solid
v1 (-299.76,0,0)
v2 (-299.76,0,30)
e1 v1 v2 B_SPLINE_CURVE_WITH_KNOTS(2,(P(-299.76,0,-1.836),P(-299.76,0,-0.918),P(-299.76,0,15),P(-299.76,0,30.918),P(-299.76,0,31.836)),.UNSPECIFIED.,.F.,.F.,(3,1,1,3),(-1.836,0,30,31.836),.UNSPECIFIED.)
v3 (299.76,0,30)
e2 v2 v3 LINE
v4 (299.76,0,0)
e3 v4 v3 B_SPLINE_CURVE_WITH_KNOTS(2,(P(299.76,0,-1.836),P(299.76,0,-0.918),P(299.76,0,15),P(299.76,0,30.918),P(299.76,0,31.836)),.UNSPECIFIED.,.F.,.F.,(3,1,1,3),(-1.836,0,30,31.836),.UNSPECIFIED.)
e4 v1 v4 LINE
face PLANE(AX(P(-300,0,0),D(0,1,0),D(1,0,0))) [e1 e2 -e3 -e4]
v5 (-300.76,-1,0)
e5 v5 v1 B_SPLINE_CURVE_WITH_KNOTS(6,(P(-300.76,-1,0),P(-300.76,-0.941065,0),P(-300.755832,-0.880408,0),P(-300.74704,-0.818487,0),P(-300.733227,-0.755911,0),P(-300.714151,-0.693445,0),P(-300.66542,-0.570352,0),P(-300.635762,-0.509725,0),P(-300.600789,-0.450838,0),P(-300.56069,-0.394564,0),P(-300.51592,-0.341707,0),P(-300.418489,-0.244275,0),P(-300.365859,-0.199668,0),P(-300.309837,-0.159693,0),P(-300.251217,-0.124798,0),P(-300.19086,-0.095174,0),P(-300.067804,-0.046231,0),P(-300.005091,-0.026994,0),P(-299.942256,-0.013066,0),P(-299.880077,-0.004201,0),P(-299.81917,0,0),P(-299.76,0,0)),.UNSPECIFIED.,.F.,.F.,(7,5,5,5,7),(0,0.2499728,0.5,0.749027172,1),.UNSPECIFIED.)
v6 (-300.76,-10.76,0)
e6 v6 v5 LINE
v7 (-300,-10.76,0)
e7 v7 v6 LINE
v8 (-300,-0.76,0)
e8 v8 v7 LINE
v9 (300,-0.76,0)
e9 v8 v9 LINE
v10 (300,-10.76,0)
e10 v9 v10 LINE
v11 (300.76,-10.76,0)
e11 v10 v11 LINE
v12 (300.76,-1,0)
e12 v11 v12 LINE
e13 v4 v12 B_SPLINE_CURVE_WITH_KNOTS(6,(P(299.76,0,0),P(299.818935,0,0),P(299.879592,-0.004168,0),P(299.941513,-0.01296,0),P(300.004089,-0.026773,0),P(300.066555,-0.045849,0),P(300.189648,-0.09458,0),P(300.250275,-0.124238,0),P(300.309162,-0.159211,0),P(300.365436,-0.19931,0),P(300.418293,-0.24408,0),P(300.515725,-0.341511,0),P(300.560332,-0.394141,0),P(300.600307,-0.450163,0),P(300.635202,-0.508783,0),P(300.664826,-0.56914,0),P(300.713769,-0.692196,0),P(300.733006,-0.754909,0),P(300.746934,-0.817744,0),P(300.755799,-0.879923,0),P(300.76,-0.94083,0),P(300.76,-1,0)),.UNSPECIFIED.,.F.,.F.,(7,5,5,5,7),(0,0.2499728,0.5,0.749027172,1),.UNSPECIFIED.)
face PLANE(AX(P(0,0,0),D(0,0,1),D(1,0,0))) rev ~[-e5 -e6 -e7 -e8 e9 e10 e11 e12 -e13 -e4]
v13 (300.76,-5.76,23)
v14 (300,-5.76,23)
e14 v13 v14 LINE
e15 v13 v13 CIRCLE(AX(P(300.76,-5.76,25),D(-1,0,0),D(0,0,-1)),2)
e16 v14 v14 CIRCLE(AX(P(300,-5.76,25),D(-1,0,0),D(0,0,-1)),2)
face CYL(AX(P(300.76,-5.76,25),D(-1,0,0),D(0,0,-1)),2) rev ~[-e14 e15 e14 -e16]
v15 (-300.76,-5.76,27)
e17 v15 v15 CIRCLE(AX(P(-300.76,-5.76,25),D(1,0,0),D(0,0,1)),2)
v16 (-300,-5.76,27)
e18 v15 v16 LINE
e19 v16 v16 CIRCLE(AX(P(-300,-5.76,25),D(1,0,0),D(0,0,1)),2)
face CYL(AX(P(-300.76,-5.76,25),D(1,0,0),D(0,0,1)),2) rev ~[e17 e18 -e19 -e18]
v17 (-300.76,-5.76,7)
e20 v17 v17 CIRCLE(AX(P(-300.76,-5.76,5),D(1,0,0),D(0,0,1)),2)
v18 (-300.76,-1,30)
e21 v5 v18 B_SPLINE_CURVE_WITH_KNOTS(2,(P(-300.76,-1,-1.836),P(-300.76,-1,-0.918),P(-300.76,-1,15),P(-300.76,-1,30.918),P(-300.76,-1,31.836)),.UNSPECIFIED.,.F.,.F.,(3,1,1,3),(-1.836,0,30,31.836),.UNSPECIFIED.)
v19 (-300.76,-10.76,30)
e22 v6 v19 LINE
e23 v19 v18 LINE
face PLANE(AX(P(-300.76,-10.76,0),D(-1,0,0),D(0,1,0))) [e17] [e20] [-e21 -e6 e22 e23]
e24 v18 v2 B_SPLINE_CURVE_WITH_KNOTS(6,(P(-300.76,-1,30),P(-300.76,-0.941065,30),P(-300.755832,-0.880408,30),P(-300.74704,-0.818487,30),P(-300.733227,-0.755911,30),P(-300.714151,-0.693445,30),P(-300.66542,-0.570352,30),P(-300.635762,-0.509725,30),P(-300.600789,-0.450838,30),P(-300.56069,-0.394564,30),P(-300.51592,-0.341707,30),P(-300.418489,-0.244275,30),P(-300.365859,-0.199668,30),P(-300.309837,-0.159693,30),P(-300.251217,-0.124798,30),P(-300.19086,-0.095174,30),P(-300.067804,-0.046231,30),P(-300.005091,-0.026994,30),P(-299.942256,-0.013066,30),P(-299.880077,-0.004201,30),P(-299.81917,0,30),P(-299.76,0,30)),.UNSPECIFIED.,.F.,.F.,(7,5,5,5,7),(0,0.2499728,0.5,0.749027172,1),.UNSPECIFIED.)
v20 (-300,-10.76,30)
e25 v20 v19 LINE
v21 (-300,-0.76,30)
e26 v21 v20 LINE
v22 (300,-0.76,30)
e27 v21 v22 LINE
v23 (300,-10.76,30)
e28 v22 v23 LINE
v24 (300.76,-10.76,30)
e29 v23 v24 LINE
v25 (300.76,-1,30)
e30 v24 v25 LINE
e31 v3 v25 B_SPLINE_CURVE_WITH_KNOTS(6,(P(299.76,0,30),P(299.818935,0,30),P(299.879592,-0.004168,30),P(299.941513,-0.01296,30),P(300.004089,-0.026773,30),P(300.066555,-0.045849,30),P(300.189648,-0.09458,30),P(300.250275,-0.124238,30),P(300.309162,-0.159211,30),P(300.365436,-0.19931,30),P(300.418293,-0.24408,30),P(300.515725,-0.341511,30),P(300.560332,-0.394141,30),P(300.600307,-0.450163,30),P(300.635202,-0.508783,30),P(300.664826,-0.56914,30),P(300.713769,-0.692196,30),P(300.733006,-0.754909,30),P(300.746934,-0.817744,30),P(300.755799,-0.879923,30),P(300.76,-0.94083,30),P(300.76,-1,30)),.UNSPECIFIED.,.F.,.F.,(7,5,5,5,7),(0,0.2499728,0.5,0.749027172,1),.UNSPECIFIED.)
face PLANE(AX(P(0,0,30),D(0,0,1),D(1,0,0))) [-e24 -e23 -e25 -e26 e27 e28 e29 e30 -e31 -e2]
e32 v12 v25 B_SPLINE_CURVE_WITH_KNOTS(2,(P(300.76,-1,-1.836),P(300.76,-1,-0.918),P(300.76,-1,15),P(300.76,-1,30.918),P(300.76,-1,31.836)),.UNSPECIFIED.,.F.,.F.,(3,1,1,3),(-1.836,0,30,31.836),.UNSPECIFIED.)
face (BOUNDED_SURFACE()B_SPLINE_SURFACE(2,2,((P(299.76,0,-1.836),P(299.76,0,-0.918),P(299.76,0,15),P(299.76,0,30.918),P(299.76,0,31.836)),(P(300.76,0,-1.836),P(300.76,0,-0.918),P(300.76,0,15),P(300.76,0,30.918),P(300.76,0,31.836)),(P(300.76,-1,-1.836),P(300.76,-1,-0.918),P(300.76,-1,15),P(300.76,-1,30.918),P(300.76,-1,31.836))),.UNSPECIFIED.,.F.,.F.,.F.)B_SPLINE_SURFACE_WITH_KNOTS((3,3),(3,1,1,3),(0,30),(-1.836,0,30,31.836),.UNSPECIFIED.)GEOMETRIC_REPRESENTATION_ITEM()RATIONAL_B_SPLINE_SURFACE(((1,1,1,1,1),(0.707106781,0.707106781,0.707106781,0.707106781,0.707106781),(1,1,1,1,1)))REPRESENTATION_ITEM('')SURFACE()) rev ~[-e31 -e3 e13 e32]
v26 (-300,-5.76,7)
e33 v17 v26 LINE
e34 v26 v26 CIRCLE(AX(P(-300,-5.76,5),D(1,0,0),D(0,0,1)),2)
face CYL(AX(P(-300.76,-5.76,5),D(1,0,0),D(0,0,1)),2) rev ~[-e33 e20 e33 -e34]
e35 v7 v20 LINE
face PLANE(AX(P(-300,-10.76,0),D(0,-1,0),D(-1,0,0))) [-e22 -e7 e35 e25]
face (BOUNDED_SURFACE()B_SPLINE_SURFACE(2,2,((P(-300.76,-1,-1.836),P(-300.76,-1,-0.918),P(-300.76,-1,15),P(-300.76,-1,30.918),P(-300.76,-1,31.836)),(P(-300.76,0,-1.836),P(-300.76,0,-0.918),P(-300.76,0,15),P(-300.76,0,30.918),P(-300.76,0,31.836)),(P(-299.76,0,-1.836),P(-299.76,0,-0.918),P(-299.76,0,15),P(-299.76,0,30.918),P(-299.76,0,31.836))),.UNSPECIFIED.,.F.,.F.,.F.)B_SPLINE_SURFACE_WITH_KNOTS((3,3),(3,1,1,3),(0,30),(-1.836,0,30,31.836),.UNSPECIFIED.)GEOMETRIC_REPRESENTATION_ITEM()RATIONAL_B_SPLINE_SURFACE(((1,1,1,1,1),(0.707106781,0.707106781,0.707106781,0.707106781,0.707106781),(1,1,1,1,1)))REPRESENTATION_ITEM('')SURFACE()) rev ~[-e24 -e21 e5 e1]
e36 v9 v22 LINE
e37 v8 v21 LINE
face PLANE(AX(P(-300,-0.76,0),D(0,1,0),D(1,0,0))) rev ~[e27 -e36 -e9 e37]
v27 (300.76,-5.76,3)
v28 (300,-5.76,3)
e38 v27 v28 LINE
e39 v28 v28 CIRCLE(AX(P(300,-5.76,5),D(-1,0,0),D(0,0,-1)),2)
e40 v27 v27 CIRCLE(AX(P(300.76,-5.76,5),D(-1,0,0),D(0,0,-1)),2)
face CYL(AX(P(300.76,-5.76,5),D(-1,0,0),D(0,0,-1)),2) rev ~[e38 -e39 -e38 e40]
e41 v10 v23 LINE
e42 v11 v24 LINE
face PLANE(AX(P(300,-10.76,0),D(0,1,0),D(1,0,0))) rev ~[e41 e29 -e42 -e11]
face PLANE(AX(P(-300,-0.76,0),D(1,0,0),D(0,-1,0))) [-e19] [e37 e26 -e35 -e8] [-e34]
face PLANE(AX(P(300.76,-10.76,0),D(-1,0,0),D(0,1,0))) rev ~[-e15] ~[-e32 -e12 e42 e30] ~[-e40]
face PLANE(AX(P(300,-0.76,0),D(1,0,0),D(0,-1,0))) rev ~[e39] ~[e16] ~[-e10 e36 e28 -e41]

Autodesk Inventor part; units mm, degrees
ref_plane "YZ Plane" through (0, 0, 0) normal (1, 0, 0) x (0, 1, 0)
sketch "Sketch1" plane through (0, 0, 0) normal (0, 0, 1) x (1, 0, 0)
  line L0 (-300, 0) -> (300, 0)
  line L1 (-300, -0.76) -> (300, -0.76)
  line L2 (-300, -0.76) -> (-300, -10.76)
  line L3 (-300, -10.76) -> (-300.76, -10.76)
  line L4 (-300.76, -10.76) -> (-300.76, 0)
  line L5 (-300.76, 0) -> (-300, 0)
  line L6 (300, -0.76) -> (300, -10.76)
  line L7 (300, -10.76) -> (300.76, -10.76)
  line L8 (300.76, -10.76) -> (300.76, 0)
  line L9 (300.76, 0) -> (300, 0)
  point P0 (0, 0)
  point P1 (0, 0)
  dimension "d0" = 600
  dimension "d2" = 0.76
  dimension "d3" = 10
  dimension "d4" = 0.76
  dimension "d5" = 300
  dimension "d6" = 600
  dimension "d7" = 10
  dimension "d8" = 0.76
extrude "Extrusion1" add sketch "Sketch1" along normal blind 30
fillet "Fillet1" radius 1 1 edges at (-300.76, 0, 15)
fillet "Fillet2" radius 1 1 edges at (300.76, 0, 15)
ref_plane "Work Plane1" through (300.76, -10.76, 30) normal (1, 0, 0) x (0, 0, -1)
sketch "Sketch2" plane through (300.76, -10.76, 30) normal (1, 0, 0) x (0, 0, -1)
  line L0 (0, 9.76) -> (30, 9.76) projected
  line L1 (0, 0) -> (0, 9.76) projected
  line L2 (30, 0) -> (0, 0) projected
  line L3 (30, 9.76) -> (30, 0) projected
  point P0 (30, 10.76)
  point P1 (5, 5)
  point P2 (25, 5)
  dimension "d14" = 5
  dimension "d15" = 5
  dimension "d16" = 5
  dimension "d17" = 5
hole "Hole1" at (300.76, -5.76, 25) at (300.76, -5.76, 5) direction (-1, 0, 0) diameter 4 depth 0.76 tip angle 118
ref_plane "Work Plane2" through (-300.76, -10.76, 0) normal (-1, 0, 0) x (0, 0, 1)
sketch "Sketch3" plane through (-300.76, -10.76, 0) normal (-1, 0, 0) x (0, 0, 1)
  line L0 (0, 0) -> (30, 0) projected
  line L1 (0, 0) -> (0, 9.76) projected
  line L2 (30, 9.76) -> (30, 0) projected
  point P0 (0, 10.76)
  point P1 (5, 5)
  point P2 (25, 5)
  dimension "d26" = 5
  dimension "d27" = 5
  dimension "d28" = 5
  dimension "d29" = 5
hole "Hole2" at (-300.76, -5.76, 5) at (-300.76, -5.76, 25) direction (1, 0, 0) diameter 4 depth 0.76 tip angle 118
equation "\"BendRadius\" = Thickness"
equation "\"BendReliefWidth\" = Thickness"
equation "\"BendReliefDepth\" = 0.5 * Thickness"
equation "\"CornerReliefSize\" = 4 * Thickness"
equation "\"MinimumRemnant\" = 2 * Thickness"
equation "\"TransitionRadius\" = BendRadius"
equation "\"JacobiRadiusSize\" = BendRadius"
equation "\"GapSize\" = Thickness"
equation "\"Thickness\" = 0.76"
properties part number "Fin" material "Stainless Steel"
